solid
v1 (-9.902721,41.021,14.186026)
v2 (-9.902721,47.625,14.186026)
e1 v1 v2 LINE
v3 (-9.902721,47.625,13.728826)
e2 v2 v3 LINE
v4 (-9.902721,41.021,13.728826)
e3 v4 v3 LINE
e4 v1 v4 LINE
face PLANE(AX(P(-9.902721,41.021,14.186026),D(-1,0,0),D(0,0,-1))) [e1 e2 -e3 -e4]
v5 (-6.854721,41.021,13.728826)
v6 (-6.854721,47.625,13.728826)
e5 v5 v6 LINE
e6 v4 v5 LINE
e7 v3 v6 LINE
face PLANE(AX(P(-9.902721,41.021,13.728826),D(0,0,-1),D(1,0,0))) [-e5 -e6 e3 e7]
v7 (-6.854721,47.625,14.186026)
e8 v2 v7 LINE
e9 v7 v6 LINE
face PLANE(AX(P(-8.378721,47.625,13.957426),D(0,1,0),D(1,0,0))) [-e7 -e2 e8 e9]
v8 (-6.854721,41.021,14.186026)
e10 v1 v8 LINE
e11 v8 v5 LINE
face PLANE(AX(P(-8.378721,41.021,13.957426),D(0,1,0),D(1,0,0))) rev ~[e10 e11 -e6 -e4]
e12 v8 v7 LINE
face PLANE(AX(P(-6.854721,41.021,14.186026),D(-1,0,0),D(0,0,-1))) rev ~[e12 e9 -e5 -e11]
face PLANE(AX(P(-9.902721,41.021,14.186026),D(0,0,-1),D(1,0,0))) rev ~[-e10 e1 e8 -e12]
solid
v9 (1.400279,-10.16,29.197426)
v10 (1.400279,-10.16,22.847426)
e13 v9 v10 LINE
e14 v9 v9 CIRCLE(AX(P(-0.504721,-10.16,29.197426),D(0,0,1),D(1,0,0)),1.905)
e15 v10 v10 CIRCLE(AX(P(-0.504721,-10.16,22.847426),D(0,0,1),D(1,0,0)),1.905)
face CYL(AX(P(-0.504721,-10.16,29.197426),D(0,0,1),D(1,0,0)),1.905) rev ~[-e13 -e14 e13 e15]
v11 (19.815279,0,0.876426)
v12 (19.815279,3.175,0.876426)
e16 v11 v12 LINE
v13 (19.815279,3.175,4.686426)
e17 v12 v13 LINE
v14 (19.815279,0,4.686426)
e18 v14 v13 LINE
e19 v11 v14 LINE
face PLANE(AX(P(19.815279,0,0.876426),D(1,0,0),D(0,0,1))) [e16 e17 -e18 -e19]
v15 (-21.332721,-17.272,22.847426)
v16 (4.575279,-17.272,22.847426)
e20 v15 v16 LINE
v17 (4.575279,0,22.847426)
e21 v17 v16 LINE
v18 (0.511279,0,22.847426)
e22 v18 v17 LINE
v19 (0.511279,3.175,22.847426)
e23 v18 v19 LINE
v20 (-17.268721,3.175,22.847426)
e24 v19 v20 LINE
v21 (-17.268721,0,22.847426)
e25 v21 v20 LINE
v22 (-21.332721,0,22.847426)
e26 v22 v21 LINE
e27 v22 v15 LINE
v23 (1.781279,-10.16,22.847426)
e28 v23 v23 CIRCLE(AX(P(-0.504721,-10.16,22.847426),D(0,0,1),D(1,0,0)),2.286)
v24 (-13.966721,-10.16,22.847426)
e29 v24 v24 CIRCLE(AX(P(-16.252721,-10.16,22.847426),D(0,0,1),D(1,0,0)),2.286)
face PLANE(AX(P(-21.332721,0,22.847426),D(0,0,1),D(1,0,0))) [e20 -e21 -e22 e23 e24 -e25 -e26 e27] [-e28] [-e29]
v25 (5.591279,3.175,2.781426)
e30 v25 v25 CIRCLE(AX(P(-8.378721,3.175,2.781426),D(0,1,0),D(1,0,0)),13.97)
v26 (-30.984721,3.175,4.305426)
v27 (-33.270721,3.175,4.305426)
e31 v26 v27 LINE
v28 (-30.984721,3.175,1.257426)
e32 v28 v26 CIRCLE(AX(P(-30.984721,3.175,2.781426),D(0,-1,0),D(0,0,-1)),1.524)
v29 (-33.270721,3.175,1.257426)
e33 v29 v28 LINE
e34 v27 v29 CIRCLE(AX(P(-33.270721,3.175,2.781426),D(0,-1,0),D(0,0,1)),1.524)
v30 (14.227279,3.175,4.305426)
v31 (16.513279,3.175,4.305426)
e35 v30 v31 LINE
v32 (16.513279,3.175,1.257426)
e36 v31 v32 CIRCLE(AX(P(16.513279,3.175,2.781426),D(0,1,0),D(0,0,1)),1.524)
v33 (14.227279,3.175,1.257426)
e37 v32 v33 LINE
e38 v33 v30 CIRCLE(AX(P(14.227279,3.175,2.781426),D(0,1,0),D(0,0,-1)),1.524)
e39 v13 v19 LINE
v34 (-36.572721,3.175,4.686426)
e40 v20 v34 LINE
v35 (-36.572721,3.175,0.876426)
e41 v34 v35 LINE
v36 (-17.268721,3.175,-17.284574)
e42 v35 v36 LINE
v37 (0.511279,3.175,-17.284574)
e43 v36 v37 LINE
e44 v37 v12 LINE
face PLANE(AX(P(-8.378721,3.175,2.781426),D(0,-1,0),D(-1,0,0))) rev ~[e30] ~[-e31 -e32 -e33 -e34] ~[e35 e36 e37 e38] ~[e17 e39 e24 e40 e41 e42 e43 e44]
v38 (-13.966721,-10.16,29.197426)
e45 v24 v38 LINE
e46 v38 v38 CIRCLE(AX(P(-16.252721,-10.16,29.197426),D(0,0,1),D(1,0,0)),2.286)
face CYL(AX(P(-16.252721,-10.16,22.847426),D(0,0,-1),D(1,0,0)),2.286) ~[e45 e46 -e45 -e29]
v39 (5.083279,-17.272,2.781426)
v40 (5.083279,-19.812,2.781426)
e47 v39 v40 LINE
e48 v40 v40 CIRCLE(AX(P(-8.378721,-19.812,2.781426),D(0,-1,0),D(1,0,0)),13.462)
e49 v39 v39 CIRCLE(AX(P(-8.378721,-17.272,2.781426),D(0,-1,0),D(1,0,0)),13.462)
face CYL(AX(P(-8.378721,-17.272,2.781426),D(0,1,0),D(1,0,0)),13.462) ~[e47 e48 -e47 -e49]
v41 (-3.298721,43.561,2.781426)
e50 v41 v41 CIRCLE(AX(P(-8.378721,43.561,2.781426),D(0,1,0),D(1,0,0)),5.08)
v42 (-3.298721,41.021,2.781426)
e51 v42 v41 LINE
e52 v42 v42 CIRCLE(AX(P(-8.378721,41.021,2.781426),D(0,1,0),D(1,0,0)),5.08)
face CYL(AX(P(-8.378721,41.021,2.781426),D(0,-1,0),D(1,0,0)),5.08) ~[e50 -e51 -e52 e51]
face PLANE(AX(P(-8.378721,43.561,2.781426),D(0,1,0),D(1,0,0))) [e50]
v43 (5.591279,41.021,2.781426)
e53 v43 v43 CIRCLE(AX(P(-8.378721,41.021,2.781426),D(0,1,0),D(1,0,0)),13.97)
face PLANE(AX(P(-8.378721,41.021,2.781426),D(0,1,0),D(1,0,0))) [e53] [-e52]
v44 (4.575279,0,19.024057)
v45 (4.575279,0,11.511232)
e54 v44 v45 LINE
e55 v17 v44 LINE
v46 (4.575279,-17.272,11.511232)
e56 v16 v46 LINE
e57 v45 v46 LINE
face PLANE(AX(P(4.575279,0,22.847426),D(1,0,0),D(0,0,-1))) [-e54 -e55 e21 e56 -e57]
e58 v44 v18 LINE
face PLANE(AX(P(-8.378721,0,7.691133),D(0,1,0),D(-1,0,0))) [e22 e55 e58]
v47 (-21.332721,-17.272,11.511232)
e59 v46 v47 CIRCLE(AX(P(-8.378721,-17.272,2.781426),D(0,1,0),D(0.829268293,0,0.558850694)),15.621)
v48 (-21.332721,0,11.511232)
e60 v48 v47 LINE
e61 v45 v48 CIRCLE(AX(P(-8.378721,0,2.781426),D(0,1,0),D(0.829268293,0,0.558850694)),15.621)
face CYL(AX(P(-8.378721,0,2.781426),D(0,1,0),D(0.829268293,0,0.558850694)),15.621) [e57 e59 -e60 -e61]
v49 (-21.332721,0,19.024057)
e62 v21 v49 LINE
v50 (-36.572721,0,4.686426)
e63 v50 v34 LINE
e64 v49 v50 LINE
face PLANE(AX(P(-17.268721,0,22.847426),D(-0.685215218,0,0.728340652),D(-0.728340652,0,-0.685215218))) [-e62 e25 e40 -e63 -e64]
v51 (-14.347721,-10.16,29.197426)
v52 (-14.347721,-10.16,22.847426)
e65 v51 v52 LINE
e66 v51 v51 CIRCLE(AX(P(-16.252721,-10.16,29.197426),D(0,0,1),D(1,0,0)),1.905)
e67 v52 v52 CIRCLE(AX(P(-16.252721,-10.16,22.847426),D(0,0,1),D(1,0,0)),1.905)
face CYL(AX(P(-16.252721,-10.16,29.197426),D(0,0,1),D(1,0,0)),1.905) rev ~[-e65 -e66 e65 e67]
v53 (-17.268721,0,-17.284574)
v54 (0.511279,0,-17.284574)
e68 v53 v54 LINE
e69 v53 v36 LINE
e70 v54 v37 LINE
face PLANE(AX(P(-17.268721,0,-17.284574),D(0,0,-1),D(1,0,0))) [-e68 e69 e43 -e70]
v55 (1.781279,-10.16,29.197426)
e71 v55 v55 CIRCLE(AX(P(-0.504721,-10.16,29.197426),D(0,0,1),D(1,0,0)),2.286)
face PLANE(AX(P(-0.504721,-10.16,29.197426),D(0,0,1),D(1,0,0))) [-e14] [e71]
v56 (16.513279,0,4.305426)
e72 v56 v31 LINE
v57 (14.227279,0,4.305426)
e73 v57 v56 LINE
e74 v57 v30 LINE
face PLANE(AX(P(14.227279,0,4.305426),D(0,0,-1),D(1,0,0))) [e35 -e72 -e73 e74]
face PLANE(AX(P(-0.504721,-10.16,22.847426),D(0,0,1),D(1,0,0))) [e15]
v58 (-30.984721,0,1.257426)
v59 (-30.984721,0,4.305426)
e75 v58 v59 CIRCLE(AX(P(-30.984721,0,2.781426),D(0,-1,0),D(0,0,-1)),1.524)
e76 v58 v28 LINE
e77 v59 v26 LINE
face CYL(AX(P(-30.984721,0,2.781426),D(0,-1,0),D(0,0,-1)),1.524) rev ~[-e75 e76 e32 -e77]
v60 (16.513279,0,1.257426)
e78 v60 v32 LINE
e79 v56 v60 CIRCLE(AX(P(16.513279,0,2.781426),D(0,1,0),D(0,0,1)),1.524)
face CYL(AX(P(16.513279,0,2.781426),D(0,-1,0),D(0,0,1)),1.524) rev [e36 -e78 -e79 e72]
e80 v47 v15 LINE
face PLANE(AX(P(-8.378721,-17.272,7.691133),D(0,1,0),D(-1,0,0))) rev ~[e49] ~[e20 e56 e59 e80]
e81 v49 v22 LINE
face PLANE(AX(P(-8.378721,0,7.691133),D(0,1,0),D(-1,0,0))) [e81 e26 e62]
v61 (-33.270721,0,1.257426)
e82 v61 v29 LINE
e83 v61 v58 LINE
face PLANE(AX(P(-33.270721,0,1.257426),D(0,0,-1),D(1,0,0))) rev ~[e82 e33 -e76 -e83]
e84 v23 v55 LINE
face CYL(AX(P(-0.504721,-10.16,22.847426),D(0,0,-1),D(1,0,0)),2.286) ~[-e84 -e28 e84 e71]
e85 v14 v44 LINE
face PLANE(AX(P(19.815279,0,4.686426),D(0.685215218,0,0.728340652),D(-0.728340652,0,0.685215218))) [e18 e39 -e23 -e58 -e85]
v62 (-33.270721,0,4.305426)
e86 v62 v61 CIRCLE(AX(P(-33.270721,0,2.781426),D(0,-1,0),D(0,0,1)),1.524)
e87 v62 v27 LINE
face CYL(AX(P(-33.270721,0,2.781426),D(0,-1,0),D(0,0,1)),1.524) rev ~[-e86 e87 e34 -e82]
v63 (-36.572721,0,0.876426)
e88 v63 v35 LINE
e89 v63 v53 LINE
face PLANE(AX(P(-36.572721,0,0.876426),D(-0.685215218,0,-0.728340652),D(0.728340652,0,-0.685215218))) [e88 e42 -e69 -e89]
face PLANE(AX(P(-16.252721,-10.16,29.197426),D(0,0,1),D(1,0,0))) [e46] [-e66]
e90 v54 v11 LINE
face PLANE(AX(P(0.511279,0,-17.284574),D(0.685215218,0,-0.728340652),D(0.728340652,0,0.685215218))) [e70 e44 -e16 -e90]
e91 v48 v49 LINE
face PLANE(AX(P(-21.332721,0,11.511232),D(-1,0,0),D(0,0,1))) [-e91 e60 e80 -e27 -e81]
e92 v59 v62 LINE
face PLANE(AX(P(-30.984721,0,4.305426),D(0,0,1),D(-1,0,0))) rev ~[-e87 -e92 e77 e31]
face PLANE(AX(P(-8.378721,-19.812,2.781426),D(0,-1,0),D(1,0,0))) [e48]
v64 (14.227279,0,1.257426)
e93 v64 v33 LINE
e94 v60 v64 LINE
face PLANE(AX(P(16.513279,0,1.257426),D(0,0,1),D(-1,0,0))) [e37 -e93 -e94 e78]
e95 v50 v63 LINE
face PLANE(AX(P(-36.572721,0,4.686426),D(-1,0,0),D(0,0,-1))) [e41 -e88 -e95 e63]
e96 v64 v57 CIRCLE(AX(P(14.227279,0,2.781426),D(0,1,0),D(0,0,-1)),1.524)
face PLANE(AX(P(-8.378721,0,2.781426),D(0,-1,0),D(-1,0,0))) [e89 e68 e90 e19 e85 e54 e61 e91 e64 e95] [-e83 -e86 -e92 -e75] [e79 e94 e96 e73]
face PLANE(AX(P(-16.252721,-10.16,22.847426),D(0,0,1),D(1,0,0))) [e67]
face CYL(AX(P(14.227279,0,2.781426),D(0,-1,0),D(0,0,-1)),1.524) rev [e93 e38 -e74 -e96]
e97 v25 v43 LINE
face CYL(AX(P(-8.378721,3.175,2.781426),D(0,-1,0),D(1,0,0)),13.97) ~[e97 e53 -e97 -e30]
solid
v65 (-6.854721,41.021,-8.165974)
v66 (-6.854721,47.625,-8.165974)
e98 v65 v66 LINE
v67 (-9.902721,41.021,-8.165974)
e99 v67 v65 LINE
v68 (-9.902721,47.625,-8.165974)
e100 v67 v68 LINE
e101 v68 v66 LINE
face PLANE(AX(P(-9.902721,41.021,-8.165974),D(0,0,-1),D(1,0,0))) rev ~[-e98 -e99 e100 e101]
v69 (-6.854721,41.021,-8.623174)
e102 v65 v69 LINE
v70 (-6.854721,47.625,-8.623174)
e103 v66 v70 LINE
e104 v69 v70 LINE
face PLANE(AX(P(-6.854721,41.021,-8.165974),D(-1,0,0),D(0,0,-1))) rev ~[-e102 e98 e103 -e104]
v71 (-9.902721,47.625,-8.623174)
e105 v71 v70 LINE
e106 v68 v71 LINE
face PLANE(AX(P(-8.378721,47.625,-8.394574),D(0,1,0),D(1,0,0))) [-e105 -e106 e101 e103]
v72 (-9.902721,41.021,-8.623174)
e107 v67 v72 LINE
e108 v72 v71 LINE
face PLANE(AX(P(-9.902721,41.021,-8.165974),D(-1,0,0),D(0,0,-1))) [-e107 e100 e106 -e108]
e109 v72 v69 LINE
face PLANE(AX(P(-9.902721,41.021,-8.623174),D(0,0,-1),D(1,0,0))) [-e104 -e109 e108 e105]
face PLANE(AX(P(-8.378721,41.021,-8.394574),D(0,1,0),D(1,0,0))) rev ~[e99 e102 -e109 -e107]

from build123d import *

# Parameters (mm, degrees)
BOSS_EXTRUDE1_DEPTH   = 3.175
SKETCH2_R             = 13.97
BOSS_EXTRUDE2_DEPTH   = 37.846
SKETCH3_R             = 5.08
BOSS_EXTRUDE3_DEPTH   = 2.54
SKETCH5_W             = 3.048
SKETCH5_H             = 0.4572
BOSS_EXTRUDE4_DEPTH   = 6.604
BOSS_EXTRUDE4_2_DEPTH = 6.604
BOSS_EXTRUDE5_DEPTH   = 17.272
SKETCH7_R             = 13.462
BOSS_EXTRUDE6_DEPTH   = 2.54
SKETCH8_R             = 2.286
BOSS_EXTRUDE7_DEPTH   = 6.35
SKETCH9_R             = 1.905
CUT_EXTRUDE1_DEPTH    = 6.35
CUT_EXTRUDE2_DEPTH    = 3.175


with BuildPart() as part:
    # Sketch1 → Boss-Extrude1 (new body)
    with BuildSketch(Plane(origin=(0, 0, 0), x_dir=(1, 0, 0), z_dir=(0, 1, 0))):
        Polygon((-17.268720614, 17.284574257), (0.511279386, 17.284574257), (19.815279386, -0.876425743), (19.815279386, -4.686425743), (0.511279386, -22.847425743), (-17.268720614, -22.847425743), (-36.572720614, -4.686425743), (-36.572720614, -0.876425743), align=None)
    extrude(amount=BOSS_EXTRUDE1_DEPTH)

    # Sketch2 → Boss-Extrude2 (add)
    with BuildSketch(Plane(origin=(0, 3.175, 0), x_dir=(1, 0, 0), z_dir=(0, 1, 0))):
        with Locations((-8.378720614, -2.781425743)):
            Circle(SKETCH2_R)
    extrude(amount=BOSS_EXTRUDE2_DEPTH)

    # Sketch3 → Boss-Extrude3 (add)
    with BuildSketch(Plane(origin=(0, 41.021, 0), x_dir=(1, 0, 0), z_dir=(0, 1, 0))):
        with Locations((-8.378720614, -2.781425743)):
            Circle(SKETCH3_R)
    extrude(amount=BOSS_EXTRUDE3_DEPTH)

    # Sketch6 → Boss-Extrude5 (add)
    with BuildSketch(Plane.XZ):
        with BuildLine():
            Line((-21.100004151, 22.847425743), (4.575279386, 22.847425743))
            Line((4.575279386, 22.847425743), (4.575279386, 11.511232441))
            ThreePointArc((4.575279386, 11.511232441), (-8.378720614, -12.839574257), (-21.332720614, 11.511232441))
            Line((-21.332720614, 11.511232441), (-21.332720614, 22.847425743))
            Line((-21.332720614, 22.847425743), (-21.100004151, 22.847425743))
        make_face()
    extrude(amount=BOSS_EXTRUDE5_DEPTH)

    # Sketch7 → Boss-Extrude6 (add)
    with BuildSketch(Plane.XZ.offset(17.272)):
        with Locations((-8.378720614, 2.781425743)):
            Circle(SKETCH7_R)
    extrude(amount=BOSS_EXTRUDE6_DEPTH)

    # Sketch8 → Boss-Extrude7 (add)
    with BuildSketch(Plane.XY.offset(22.847425743)):
        with Locations((-0.504720614, -10.16)):
            Circle(SKETCH8_R)
        with Locations((-16.252720614, -10.16)):
            Circle(SKETCH8_R)
    extrude(amount=BOSS_EXTRUDE7_DEPTH)

    # Sketch9 → Cut-Extrude1 (cut)
    with BuildSketch(Plane.XY.offset(29.197425743)):
        with Locations((-0.504720614, -10.16)):
            Circle(SKETCH9_R)
        with Locations((-16.252720614, -10.16)):
            Circle(SKETCH9_R)
    extrude(amount=-CUT_EXTRUDE1_DEPTH, mode=Mode.SUBTRACT)

    # Sketch10 → Cut-Extrude2 (cut)
    with BuildSketch(Plane.XZ):
        with BuildLine():
            Line((16.513279386, 1.257425743), (14.227279386, 1.257425743))
            ThreePointArc((14.227279386, 1.257425743), (12.703279386, 2.781425743), (14.227279386, 4.305425743))
            Line((14.227279386, 4.305425743), (16.513279386, 4.305425743))
            ThreePointArc((16.513279386, 4.305425743), (18.037279386, 2.781425743), (16.513279386, 1.257425743))
        make_face()
        with BuildLine():
            Line((-33.270720614, 1.257425743), (-30.984720614, 1.257425743))
            ThreePointArc((-30.984720614, 1.257425743), (-29.460720614, 2.781425743), (-30.984720614, 4.305425743))
            Line((-30.984720614, 4.305425743), (-33.270720614, 4.305425743))
            ThreePointArc((-33.270720614, 4.305425743), (-34.794720614, 2.781425743), (-33.270720614, 1.257425743))
        make_face()
    extrude(amount=-CUT_EXTRUDE2_DEPTH, mode=Mode.SUBTRACT)


with BuildPart() as body_2:
    # Sketch5 → Boss-Extrude4 (new body)
    with BuildSketch(Plane(origin=(0, 41.021, 0), x_dir=(1, 0, 0), z_dir=(0, 1, 0))):
        with Locations((-8.378720614, 8.394574257)):
            Rectangle(SKETCH5_W, SKETCH5_H)
    extrude(amount=BOSS_EXTRUDE4_DEPTH)


with BuildPart() as body_3:
    # Sketch5 → Boss-Extrude4 2 (new body)
    with BuildSketch(Plane(origin=(0, 41.021, 0), x_dir=(1, 0, 0), z_dir=(0, 1, 0))):
        with Locations((-8.378720614, -13.957425743)):
            Rectangle(SKETCH5_W, SKETCH5_H)
    extrude(amount=BOSS_EXTRUDE4_2_DEPTH)


solid = Compound([part.part, body_2.part, body_3.part])
